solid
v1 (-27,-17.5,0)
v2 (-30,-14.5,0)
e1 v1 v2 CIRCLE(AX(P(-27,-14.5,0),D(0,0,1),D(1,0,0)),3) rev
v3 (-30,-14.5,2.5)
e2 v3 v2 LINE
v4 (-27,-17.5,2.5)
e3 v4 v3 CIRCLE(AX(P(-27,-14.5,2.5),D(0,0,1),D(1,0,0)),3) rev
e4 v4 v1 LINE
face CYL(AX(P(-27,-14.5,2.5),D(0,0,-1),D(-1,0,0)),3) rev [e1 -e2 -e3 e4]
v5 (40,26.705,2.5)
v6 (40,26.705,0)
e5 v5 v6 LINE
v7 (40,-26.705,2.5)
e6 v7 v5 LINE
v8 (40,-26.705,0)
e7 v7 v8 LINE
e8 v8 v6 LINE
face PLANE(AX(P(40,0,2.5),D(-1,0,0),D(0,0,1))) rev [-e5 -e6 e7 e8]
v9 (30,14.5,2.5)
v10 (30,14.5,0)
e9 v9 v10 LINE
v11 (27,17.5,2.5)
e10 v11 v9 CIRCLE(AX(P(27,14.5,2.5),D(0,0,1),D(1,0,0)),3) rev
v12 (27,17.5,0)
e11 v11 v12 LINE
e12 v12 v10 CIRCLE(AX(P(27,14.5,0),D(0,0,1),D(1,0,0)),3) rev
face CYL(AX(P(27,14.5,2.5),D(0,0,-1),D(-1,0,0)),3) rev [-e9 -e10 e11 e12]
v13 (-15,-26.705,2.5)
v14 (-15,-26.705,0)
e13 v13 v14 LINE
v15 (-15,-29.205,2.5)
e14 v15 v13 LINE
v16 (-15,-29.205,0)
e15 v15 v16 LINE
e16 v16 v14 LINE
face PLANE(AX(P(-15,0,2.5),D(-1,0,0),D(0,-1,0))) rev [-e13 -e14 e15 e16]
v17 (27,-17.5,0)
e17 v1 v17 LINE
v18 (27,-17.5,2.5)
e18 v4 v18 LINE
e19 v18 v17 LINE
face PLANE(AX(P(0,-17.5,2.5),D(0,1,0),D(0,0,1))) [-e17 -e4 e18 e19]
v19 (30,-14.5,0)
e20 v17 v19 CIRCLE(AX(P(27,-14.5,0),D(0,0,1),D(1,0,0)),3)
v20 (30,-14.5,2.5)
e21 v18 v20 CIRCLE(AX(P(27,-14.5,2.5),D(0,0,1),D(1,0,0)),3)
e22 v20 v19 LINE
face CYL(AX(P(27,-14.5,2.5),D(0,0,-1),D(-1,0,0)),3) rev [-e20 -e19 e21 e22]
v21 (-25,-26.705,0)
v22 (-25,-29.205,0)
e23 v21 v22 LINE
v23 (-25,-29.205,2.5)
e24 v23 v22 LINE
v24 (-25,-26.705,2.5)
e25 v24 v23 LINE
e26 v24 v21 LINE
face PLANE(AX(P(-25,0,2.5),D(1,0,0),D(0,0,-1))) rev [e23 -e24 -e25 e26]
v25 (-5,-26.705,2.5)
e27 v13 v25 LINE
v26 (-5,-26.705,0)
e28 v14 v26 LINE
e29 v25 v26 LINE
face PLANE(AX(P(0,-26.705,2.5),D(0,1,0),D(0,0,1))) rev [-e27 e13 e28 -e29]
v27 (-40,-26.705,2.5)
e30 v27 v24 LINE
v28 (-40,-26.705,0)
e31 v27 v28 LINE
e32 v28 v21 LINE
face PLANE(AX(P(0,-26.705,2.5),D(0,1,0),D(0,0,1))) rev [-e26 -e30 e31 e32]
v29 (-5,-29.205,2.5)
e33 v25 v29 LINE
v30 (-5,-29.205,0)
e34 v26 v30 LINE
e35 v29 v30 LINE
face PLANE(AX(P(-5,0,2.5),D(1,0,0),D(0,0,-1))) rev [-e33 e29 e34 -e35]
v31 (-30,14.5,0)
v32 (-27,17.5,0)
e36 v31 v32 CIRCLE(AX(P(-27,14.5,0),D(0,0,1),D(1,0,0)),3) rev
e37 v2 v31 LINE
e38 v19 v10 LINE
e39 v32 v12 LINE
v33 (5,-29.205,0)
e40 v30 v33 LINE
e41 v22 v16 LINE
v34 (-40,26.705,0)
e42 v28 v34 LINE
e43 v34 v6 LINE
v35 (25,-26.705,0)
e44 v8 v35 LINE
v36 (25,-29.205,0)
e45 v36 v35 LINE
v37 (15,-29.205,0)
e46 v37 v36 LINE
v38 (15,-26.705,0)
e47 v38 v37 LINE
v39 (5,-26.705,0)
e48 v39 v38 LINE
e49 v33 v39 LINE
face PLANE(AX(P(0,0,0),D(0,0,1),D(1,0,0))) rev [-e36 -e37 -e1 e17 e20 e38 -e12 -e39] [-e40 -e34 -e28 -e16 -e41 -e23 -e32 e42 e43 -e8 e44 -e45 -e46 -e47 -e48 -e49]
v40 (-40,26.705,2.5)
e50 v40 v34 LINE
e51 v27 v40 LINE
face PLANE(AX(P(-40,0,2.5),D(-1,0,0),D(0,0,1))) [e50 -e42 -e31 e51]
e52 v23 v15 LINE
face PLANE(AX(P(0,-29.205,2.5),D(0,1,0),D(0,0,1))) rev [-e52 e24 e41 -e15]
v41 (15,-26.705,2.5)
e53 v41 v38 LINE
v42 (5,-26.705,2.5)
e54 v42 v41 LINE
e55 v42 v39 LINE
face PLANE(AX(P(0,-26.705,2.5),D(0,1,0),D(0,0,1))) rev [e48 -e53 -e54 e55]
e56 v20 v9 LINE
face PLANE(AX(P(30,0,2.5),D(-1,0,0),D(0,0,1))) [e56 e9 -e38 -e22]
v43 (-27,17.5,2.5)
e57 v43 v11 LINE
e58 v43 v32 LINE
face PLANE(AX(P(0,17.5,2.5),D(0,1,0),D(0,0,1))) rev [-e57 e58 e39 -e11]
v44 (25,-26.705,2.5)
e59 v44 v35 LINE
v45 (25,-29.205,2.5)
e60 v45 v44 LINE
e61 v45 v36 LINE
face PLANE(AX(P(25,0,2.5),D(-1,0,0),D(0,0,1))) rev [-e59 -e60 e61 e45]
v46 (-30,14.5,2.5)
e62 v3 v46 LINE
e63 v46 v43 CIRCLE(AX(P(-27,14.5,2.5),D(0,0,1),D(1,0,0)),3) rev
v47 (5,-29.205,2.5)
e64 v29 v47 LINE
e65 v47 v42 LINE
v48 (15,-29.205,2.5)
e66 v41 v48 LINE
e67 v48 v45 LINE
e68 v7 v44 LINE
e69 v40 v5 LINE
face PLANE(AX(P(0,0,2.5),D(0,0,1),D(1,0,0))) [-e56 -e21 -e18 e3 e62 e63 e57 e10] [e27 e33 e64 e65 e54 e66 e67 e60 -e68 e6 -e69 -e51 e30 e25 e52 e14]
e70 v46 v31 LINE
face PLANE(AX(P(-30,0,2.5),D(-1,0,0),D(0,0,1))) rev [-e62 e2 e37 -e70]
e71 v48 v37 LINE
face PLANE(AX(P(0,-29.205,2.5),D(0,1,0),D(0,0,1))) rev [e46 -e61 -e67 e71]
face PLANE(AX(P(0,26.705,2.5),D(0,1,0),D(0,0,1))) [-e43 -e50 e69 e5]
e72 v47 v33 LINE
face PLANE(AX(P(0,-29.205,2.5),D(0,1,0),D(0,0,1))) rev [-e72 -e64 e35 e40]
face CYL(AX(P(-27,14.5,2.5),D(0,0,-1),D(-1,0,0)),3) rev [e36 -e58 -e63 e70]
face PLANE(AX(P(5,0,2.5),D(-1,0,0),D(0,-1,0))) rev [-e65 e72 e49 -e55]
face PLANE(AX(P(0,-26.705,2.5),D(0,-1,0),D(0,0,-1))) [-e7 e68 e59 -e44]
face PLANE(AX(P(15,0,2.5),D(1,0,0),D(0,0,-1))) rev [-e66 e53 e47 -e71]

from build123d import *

# Parameters (mm, degrees)
BOSS_EXTRUDE1_DEPTH = 2.5


with BuildPart() as part:
    # Sketch1 → Boss-Extrude1 (new body)
    with BuildSketch(Plane.XY):
        Polygon((-40, -26.705), (-25, -26.705), (-25, -29.205), (-15, -29.205), (-15, -26.705), (-5, -26.705), (-5, -29.205), (5, -29.205), (5, -26.705), (15, -26.705), (15, -29.205), (25, -29.205), (25, -26.705), (35, -26.705), (40, -26.705), (40, 26.705), (-40, 26.705), align=None)
        with BuildLine():
            Line((-27, -17.5), (27, -17.5))
            ThreePointArc((27, -17.5), (29.121320344, -16.621320344), (30, -14.5))
            Line((30, -14.5), (30, 14.5))
            ThreePointArc((30, 14.5), (29.121320344, 16.621320344), (27, 17.5))
            Line((27, 17.5), (-27, 17.5))
            ThreePointArc((-27, 17.5), (-29.121320344, 16.621320344), (-30, 14.5))
            Line((-30, 14.5), (-30, -14.5))
            ThreePointArc((-30, -14.5), (-29.121320344, -16.621320344), (-27, -17.5))
        make_face(mode=Mode.SUBTRACT)
    extrude(amount=BOSS_EXTRUDE1_DEPTH)


solid = part.part
